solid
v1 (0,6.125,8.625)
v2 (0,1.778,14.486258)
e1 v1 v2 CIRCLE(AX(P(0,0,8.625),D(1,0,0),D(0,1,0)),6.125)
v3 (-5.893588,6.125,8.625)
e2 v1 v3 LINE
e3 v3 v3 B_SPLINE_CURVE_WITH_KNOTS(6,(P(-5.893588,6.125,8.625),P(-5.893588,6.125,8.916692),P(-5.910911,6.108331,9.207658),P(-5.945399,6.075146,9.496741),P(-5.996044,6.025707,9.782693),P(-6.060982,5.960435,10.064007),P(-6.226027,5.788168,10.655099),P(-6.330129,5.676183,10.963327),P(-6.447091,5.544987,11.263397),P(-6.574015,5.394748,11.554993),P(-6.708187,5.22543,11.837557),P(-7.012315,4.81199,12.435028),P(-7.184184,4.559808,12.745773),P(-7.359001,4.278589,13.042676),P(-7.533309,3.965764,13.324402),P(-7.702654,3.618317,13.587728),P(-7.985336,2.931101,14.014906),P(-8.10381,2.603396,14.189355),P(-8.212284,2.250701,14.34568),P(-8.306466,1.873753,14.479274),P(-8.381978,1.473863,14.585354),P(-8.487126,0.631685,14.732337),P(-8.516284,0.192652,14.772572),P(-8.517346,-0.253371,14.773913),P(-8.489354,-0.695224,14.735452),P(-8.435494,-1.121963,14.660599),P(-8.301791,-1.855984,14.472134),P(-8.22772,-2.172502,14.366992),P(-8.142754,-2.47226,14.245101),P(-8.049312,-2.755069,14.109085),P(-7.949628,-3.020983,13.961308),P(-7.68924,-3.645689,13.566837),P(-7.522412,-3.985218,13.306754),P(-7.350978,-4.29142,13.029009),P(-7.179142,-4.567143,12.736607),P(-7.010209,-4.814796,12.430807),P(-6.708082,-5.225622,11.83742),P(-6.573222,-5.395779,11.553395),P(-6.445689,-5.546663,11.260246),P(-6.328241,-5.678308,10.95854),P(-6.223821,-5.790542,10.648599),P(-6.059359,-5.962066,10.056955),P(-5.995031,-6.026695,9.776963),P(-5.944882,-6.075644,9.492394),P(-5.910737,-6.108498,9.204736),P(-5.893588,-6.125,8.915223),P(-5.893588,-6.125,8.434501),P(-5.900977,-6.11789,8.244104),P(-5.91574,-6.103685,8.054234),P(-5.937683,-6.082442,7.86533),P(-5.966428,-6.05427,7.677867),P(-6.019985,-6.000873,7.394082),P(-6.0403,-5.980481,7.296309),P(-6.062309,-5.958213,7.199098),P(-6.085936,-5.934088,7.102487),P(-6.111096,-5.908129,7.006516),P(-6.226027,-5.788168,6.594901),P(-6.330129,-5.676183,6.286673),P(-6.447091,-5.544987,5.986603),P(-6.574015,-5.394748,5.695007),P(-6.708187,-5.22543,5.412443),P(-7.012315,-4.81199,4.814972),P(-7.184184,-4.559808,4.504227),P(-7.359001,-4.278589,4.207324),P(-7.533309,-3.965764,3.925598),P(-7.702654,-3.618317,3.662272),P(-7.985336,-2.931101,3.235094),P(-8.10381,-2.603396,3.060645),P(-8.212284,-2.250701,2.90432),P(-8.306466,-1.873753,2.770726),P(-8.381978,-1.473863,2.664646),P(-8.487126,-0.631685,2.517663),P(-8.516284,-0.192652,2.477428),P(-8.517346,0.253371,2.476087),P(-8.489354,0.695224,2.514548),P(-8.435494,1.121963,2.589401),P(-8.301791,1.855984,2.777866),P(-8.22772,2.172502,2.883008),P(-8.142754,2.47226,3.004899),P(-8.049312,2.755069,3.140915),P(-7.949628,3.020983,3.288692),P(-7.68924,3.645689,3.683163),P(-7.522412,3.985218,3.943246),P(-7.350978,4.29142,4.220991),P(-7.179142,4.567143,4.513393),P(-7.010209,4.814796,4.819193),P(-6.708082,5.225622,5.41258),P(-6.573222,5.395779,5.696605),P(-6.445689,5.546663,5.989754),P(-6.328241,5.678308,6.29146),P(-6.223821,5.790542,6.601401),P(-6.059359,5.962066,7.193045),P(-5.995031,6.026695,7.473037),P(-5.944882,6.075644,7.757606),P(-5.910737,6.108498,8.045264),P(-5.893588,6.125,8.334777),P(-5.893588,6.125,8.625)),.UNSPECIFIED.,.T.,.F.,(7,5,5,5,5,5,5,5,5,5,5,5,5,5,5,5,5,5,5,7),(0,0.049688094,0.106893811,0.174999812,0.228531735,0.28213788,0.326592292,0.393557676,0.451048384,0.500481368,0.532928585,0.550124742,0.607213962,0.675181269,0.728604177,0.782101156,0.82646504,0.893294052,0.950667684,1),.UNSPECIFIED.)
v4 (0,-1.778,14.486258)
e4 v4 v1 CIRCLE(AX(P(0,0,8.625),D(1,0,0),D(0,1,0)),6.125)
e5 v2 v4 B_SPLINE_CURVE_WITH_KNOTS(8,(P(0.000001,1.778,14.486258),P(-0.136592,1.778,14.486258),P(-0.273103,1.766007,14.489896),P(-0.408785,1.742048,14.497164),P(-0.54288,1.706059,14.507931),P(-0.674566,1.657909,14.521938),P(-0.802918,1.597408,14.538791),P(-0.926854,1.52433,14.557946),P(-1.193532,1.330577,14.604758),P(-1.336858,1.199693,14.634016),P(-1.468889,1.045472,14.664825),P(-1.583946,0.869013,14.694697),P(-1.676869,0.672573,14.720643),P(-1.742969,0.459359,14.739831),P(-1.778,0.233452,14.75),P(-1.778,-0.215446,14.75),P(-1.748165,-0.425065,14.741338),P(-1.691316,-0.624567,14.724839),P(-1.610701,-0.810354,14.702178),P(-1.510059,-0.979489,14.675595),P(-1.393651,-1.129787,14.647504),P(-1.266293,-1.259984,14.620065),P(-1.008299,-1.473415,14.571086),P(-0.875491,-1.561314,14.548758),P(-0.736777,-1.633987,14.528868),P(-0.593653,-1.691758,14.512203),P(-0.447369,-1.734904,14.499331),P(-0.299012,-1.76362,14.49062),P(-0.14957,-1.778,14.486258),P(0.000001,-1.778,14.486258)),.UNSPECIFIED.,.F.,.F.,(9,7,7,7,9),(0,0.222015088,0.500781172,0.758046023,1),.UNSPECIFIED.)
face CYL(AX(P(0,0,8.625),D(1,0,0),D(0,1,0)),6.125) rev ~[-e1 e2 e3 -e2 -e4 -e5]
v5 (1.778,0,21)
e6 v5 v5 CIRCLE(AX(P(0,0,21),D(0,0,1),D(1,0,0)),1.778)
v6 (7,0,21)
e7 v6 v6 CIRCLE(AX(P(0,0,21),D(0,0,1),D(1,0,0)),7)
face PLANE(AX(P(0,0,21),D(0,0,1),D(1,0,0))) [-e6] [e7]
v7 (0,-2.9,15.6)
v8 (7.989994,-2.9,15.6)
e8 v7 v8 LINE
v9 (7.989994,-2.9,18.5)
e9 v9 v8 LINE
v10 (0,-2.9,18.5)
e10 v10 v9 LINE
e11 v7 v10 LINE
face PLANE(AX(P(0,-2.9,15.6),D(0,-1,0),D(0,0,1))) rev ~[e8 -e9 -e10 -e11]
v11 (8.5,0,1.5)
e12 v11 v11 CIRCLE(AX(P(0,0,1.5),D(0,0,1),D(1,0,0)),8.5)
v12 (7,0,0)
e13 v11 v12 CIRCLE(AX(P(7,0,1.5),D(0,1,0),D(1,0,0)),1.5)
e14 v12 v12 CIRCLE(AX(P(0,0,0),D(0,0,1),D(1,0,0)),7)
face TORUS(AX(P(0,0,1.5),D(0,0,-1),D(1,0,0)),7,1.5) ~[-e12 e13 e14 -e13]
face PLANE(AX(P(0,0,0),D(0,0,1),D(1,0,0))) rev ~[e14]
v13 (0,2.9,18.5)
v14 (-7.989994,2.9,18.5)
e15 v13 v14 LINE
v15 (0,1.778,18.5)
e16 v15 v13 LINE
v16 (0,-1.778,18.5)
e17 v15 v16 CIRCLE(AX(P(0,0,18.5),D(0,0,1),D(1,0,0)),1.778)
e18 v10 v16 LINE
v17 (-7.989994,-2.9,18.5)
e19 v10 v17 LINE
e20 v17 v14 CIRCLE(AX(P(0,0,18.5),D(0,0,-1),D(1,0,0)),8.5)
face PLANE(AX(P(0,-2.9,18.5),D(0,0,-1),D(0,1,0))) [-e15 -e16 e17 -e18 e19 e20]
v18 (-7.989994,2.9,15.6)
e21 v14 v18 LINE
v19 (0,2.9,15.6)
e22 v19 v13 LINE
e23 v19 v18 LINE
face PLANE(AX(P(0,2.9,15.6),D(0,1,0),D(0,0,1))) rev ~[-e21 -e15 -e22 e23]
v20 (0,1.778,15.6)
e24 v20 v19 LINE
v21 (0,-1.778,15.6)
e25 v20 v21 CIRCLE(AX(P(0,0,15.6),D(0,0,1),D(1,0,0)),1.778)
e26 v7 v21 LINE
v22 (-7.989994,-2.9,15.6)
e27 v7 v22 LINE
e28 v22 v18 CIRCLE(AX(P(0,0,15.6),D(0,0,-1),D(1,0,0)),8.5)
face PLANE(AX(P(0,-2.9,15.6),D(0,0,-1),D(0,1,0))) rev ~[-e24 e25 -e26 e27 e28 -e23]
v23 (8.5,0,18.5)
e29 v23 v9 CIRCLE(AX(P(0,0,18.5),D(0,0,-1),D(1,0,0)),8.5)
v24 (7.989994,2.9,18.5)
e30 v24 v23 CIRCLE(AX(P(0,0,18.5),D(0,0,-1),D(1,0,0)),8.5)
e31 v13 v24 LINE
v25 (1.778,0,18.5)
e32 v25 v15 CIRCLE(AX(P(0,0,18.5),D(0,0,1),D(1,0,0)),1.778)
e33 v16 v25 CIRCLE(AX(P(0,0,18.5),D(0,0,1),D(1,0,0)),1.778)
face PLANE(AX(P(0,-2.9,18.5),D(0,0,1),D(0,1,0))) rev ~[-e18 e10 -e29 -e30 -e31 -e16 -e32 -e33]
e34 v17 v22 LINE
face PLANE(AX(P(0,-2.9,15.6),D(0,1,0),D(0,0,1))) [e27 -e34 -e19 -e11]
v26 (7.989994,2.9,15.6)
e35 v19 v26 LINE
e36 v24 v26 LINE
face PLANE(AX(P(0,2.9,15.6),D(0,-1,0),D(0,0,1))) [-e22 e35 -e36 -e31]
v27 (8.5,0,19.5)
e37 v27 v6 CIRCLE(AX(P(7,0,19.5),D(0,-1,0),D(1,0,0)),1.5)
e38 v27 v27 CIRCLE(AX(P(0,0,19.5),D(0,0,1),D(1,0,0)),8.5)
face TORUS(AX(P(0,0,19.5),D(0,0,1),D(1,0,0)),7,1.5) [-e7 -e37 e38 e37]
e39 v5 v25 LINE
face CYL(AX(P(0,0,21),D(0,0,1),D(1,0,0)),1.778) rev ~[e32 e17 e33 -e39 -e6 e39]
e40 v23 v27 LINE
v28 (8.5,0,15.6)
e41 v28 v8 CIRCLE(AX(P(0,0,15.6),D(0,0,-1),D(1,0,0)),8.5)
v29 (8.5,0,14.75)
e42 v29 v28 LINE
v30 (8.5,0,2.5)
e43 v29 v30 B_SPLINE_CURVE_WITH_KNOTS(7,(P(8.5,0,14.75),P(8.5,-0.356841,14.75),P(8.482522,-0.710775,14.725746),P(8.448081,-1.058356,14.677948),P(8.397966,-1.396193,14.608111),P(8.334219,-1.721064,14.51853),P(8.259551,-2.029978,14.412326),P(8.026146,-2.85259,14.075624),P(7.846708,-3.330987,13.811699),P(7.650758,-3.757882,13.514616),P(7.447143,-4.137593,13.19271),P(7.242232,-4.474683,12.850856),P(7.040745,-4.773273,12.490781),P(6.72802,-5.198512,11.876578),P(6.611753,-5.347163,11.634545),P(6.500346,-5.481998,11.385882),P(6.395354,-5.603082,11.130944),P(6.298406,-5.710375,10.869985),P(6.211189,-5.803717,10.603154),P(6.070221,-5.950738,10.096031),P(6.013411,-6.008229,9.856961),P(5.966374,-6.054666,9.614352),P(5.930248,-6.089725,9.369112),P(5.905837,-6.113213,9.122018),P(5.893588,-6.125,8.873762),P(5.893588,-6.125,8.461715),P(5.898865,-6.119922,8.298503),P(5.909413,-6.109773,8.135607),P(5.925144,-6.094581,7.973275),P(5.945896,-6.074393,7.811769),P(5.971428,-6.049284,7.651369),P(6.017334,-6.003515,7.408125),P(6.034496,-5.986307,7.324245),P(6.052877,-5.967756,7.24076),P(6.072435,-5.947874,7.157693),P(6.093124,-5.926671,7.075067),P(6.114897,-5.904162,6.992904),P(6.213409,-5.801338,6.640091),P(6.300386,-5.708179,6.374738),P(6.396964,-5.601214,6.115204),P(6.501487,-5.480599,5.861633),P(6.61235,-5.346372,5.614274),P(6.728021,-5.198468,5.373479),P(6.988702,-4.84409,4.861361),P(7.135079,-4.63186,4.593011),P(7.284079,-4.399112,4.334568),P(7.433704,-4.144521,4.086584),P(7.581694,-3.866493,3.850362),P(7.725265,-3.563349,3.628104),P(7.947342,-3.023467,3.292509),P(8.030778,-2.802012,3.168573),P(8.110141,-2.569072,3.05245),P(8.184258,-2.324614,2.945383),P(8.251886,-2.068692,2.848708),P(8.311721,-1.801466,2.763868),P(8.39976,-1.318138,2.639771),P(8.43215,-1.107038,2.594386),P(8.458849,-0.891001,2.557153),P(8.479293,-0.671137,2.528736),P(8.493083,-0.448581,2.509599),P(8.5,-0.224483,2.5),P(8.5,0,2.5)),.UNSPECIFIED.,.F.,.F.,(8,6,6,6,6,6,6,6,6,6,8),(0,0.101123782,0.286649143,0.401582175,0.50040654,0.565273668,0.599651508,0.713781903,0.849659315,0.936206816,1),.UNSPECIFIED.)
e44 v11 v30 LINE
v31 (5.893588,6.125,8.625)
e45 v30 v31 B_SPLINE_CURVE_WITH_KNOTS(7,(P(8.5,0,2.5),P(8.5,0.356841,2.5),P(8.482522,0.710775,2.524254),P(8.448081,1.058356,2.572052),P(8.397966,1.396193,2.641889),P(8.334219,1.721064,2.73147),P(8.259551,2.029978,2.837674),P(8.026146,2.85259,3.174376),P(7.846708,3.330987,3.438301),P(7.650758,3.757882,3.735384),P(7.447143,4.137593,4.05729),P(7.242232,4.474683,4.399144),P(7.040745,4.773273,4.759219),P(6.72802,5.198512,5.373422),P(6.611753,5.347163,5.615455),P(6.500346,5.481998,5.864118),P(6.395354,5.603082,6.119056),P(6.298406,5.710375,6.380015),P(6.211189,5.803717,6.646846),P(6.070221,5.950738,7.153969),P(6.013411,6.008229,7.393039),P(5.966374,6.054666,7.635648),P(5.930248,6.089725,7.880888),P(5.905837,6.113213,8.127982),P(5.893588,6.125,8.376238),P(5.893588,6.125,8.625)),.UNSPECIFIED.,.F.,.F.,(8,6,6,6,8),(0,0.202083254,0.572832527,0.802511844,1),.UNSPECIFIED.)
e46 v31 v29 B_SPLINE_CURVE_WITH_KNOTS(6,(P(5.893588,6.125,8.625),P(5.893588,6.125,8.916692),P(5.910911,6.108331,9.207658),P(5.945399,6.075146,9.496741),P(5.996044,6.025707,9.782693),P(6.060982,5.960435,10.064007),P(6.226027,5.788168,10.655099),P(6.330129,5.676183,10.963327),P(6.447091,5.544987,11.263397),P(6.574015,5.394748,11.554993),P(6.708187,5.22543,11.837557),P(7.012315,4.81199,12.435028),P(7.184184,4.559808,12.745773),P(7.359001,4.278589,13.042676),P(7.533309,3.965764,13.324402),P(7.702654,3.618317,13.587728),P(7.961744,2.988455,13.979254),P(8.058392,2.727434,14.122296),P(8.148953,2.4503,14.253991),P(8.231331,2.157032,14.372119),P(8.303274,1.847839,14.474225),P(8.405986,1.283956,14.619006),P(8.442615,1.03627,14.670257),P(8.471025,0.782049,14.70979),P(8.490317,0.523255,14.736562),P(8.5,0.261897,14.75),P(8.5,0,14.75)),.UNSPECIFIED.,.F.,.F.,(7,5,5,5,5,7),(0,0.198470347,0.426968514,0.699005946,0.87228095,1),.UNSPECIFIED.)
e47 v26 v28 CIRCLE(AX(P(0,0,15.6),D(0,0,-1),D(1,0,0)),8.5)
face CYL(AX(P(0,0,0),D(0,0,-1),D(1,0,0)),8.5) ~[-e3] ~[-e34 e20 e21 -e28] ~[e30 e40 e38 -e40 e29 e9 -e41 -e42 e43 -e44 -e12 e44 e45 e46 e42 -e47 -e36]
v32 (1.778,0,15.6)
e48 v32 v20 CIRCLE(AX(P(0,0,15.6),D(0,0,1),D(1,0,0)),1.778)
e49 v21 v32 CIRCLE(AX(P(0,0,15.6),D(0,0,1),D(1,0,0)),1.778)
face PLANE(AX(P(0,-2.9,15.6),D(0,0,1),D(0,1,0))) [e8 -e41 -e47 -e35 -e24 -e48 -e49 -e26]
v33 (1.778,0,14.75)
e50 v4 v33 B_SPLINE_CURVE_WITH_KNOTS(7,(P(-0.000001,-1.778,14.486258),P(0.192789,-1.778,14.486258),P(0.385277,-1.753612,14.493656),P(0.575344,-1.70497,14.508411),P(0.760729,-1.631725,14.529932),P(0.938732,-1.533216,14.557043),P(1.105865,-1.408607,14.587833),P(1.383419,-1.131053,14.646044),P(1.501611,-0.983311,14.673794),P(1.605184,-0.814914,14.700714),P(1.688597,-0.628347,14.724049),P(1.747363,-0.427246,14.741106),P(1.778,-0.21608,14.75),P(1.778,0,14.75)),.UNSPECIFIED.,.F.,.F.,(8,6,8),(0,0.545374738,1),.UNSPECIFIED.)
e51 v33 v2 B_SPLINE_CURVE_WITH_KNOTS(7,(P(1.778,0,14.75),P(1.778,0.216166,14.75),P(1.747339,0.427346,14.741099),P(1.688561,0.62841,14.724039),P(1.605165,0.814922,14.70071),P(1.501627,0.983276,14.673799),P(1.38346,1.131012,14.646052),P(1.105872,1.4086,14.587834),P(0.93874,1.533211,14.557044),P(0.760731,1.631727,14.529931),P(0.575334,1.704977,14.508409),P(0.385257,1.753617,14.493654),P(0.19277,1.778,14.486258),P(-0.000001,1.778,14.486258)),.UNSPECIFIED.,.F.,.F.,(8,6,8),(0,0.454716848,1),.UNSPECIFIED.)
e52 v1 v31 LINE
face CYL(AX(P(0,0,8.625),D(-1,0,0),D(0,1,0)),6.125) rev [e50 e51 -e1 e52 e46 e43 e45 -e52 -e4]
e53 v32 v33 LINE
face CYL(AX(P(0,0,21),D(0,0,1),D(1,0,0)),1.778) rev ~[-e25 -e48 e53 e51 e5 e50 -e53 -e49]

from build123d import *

# Parameters (mm, degrees)
F0_R          = 8.5
F1_DEPTH      = 21
F2_R          = 6.125
F3_DEPTH      = 8.501
F3_DEPTH_BACK = 25.4
F4_R          = 1.5
F5_W          = 5.8
F5_H          = 2.9
F6_DEPTH      = 25.4
F6_DEPTH_BACK = 25.4
F7_R          = 1.778
F8_DEPTH      = 10


with BuildPart() as f1:
    # F0 (on Top) → F1 (new body)
    with BuildSketch(Plane.XY):
        Circle(F0_R)
    extrude(amount=F1_DEPTH)

    # F2 (on Right) → F3 (cut, two sides)
    with BuildSketch(Plane.YZ) as f3_sk:
        with Locations((0, 8.625)):
            Circle(F2_R)
    extrude(amount=-F3_DEPTH, mode=Mode.SUBTRACT)
    extrude(f3_sk.sketch, amount=F3_DEPTH_BACK, mode=Mode.SUBTRACT)

    # F4
    f4_edges = [f1.edges().sort_by_distance(p)[0] for p in [
        (-8.5, 0, 0),
        (-8.5, 0, 21),
    ]]
    fillet(f4_edges, radius=F4_R)

    # F5 (on Right) → F6 (cut, two sides)
    with BuildSketch(Plane.YZ) as f6_sk:
        with Locations((0, 17.05)):
            Rectangle(F5_W, F5_H)
    extrude(amount=-F6_DEPTH, mode=Mode.SUBTRACT)
    extrude(f6_sk.sketch, amount=F6_DEPTH_BACK, mode=Mode.SUBTRACT)

    # F7 (on face) → F8 (cut)
    with BuildSketch(Plane.XY.offset(21)):
        Circle(F7_R)
    extrude(amount=-F8_DEPTH, mode=Mode.SUBTRACT)


solid = f1.part
